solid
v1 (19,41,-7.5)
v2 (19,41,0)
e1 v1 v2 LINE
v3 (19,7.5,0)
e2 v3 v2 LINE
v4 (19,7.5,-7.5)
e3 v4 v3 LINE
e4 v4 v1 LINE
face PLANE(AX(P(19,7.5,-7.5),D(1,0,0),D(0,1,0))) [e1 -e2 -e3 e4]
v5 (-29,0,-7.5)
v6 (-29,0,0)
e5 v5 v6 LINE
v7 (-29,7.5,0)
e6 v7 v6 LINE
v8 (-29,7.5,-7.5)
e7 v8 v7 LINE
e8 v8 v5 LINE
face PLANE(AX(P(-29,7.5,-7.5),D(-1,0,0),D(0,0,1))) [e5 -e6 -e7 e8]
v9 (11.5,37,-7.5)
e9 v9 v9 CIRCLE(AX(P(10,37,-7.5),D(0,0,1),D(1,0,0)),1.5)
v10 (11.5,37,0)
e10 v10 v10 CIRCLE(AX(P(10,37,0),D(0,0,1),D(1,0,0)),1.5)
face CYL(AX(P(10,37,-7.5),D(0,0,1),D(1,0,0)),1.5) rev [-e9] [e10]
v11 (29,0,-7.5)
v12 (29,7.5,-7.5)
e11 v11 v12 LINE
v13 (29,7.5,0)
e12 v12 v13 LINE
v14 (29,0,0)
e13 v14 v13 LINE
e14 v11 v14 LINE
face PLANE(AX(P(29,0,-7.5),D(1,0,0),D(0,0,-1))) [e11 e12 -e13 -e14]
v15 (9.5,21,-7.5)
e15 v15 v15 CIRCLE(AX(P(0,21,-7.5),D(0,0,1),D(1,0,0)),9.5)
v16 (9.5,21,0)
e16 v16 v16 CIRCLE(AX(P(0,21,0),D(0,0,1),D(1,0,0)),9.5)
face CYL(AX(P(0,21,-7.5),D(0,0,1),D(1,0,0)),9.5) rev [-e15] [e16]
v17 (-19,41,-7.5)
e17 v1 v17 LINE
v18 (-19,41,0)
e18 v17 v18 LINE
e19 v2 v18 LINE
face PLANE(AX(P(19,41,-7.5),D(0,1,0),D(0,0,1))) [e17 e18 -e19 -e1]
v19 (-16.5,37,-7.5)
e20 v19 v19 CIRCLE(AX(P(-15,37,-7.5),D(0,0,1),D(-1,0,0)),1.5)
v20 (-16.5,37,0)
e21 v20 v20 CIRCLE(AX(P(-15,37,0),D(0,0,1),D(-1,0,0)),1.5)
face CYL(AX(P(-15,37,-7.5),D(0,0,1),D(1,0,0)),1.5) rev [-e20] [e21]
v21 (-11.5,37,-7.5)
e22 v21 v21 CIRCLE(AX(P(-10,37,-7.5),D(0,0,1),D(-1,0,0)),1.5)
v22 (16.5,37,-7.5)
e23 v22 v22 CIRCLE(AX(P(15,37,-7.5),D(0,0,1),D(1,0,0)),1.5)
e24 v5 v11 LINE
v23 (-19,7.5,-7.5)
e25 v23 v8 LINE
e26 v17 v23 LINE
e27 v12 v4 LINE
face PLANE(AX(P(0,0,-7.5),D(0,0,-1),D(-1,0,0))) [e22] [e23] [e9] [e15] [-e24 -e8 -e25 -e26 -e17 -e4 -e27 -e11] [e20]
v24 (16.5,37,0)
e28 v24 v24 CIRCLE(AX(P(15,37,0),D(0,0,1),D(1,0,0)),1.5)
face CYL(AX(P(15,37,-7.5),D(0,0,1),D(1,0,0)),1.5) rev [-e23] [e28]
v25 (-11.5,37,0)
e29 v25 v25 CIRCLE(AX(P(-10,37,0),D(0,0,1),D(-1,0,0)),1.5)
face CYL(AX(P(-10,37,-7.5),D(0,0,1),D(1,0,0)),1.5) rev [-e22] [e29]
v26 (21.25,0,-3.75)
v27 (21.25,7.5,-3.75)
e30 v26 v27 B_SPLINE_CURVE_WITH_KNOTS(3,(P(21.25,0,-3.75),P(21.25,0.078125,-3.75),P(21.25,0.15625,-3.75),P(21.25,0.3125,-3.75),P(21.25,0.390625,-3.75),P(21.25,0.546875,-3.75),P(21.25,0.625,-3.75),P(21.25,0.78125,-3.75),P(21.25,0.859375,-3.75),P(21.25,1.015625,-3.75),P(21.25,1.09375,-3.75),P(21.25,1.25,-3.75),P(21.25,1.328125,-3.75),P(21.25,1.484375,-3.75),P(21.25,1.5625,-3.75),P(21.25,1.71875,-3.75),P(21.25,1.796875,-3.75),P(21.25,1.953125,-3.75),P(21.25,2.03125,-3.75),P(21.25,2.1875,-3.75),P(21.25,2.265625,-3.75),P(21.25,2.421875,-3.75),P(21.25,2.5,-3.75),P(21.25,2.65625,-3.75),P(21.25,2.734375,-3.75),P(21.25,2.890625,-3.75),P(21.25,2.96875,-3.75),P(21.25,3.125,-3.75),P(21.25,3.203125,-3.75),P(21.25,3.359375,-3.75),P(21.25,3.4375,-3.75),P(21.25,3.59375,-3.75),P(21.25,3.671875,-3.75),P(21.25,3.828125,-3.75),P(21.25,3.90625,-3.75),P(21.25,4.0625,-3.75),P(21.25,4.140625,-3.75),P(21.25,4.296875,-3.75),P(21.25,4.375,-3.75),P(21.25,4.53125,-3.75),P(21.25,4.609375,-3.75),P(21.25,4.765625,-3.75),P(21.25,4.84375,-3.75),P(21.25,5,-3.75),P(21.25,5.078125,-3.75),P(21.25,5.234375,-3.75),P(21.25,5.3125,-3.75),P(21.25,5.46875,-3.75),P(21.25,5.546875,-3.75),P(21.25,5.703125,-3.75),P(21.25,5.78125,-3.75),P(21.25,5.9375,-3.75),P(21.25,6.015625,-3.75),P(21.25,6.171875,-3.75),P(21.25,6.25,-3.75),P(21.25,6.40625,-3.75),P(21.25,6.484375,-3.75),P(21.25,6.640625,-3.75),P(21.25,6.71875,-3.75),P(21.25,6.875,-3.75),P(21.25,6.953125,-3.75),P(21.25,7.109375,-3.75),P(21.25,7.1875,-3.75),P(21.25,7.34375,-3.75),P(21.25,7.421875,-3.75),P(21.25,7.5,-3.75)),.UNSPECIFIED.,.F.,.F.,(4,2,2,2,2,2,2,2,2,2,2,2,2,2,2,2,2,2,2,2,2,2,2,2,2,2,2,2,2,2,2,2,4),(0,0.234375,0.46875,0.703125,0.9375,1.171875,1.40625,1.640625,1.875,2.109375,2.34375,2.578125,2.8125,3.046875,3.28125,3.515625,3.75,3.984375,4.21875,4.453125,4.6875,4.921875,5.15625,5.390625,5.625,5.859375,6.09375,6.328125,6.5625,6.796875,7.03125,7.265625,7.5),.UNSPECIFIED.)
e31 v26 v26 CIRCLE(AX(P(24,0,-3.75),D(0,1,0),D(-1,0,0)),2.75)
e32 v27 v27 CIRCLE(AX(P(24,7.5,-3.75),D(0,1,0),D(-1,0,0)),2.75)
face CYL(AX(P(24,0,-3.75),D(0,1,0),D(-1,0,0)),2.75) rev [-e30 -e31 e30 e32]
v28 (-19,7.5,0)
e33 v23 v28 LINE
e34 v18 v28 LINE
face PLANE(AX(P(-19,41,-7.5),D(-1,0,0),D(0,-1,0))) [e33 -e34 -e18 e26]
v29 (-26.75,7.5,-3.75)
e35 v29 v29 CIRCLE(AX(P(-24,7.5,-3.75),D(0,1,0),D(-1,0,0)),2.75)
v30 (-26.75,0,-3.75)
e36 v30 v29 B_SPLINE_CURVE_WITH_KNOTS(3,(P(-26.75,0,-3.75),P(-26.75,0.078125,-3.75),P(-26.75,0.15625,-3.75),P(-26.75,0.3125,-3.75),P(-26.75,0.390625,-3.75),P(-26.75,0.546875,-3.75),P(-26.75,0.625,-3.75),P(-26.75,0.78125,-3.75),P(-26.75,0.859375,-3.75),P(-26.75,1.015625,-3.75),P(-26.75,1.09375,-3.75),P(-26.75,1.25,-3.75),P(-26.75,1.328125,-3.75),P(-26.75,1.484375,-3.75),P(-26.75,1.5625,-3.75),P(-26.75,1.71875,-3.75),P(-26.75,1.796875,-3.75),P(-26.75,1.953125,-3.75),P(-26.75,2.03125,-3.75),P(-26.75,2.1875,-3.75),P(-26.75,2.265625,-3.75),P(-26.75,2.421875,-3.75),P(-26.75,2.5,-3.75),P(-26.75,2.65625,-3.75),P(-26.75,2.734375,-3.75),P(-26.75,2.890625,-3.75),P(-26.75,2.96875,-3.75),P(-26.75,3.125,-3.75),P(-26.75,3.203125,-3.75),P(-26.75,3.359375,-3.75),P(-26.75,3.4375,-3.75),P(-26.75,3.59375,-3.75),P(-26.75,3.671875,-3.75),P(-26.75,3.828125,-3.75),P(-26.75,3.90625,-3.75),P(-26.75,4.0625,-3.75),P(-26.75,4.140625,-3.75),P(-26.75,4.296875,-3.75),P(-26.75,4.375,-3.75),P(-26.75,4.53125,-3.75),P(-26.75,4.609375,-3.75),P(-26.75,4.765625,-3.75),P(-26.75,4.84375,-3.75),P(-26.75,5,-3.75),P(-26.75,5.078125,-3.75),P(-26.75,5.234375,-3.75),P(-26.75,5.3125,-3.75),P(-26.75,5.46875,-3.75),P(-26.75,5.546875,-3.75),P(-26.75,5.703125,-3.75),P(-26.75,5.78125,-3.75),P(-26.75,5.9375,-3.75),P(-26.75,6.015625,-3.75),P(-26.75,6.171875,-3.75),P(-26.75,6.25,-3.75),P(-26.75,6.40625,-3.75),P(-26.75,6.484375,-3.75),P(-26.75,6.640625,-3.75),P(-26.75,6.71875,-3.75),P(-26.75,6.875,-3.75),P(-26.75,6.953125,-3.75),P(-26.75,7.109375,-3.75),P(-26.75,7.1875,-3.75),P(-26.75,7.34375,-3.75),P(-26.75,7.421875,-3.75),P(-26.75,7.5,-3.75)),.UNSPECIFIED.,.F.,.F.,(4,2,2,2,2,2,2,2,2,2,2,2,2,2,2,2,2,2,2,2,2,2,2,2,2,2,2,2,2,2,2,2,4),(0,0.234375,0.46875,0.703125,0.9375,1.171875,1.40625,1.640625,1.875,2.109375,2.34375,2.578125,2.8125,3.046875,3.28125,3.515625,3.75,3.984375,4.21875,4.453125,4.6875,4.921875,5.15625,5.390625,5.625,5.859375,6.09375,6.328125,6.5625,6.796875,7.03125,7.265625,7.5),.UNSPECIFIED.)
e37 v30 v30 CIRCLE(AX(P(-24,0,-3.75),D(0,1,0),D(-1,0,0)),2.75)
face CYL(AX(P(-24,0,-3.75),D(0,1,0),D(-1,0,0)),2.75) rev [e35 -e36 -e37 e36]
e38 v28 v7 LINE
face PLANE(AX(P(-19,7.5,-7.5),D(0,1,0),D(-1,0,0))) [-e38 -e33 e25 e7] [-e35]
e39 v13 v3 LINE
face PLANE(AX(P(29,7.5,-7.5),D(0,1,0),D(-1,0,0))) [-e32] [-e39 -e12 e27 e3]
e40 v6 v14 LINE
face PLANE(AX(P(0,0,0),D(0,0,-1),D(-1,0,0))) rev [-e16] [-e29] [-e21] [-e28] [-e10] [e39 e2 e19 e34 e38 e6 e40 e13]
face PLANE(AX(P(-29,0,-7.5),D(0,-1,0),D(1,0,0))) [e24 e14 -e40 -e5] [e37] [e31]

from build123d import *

# Parameters (mm, degrees)
SKETCH1_R           = 9.5
BOSS_EXTRUDE1_DEPTH = 7.5
SKETCH2_R           = 1.5
CUT_EXTRUDE2_DEPTH  = 51.776470929
SKETCH3_R           = 2.75
CUT_EXTRUDE3_DEPTH  = 45.938847337


with BuildPart() as part:
    # Sketch1 → Boss-Extrude1 (new body)
    with BuildSketch(Plane.XY):
        Polygon((-29, 0), (29, 0), (29, 7.5), (19, 7.5), (19, 41), (-19, 41), (-19, 7.5), (-29, 7.5), align=None)
        with Locations((0, 21)):
            Circle(SKETCH1_R, mode=Mode.SUBTRACT)
    extrude(amount=-BOSS_EXTRUDE1_DEPTH)

    # Sketch2 → Cut-Extrude2 (cut, through all)
    with BuildSketch(Plane.XY):
        with Locations((10, 37)):
            Circle(SKETCH2_R)
        with Locations((15, 37)):
            Circle(SKETCH2_R)
        with Locations(Location((-15, 37, 0), (0, 0, 180))):
            Circle(SKETCH2_R)
        with Locations(Location((-10, 37, 0), (0, 0, 180))):
            Circle(SKETCH2_R)
    extrude(amount=-CUT_EXTRUDE2_DEPTH, mode=Mode.SUBTRACT)

    # Sketch3 → Cut-Extrude3 (cut, through all)
    with BuildSketch(Plane(origin=(0, 7.5, 0), x_dir=(1, 0, 0), z_dir=(0, 1, 0))):
        with Locations(Location((-24, 3.75, 0), (0, 0, 180))):
            Circle(SKETCH3_R)
        with Locations(Location((24, 3.75, 0), (0, 0, 180))):
            Circle(SKETCH3_R)
    extrude(amount=-CUT_EXTRUDE3_DEPTH, mode=Mode.SUBTRACT)


solid = part.part
